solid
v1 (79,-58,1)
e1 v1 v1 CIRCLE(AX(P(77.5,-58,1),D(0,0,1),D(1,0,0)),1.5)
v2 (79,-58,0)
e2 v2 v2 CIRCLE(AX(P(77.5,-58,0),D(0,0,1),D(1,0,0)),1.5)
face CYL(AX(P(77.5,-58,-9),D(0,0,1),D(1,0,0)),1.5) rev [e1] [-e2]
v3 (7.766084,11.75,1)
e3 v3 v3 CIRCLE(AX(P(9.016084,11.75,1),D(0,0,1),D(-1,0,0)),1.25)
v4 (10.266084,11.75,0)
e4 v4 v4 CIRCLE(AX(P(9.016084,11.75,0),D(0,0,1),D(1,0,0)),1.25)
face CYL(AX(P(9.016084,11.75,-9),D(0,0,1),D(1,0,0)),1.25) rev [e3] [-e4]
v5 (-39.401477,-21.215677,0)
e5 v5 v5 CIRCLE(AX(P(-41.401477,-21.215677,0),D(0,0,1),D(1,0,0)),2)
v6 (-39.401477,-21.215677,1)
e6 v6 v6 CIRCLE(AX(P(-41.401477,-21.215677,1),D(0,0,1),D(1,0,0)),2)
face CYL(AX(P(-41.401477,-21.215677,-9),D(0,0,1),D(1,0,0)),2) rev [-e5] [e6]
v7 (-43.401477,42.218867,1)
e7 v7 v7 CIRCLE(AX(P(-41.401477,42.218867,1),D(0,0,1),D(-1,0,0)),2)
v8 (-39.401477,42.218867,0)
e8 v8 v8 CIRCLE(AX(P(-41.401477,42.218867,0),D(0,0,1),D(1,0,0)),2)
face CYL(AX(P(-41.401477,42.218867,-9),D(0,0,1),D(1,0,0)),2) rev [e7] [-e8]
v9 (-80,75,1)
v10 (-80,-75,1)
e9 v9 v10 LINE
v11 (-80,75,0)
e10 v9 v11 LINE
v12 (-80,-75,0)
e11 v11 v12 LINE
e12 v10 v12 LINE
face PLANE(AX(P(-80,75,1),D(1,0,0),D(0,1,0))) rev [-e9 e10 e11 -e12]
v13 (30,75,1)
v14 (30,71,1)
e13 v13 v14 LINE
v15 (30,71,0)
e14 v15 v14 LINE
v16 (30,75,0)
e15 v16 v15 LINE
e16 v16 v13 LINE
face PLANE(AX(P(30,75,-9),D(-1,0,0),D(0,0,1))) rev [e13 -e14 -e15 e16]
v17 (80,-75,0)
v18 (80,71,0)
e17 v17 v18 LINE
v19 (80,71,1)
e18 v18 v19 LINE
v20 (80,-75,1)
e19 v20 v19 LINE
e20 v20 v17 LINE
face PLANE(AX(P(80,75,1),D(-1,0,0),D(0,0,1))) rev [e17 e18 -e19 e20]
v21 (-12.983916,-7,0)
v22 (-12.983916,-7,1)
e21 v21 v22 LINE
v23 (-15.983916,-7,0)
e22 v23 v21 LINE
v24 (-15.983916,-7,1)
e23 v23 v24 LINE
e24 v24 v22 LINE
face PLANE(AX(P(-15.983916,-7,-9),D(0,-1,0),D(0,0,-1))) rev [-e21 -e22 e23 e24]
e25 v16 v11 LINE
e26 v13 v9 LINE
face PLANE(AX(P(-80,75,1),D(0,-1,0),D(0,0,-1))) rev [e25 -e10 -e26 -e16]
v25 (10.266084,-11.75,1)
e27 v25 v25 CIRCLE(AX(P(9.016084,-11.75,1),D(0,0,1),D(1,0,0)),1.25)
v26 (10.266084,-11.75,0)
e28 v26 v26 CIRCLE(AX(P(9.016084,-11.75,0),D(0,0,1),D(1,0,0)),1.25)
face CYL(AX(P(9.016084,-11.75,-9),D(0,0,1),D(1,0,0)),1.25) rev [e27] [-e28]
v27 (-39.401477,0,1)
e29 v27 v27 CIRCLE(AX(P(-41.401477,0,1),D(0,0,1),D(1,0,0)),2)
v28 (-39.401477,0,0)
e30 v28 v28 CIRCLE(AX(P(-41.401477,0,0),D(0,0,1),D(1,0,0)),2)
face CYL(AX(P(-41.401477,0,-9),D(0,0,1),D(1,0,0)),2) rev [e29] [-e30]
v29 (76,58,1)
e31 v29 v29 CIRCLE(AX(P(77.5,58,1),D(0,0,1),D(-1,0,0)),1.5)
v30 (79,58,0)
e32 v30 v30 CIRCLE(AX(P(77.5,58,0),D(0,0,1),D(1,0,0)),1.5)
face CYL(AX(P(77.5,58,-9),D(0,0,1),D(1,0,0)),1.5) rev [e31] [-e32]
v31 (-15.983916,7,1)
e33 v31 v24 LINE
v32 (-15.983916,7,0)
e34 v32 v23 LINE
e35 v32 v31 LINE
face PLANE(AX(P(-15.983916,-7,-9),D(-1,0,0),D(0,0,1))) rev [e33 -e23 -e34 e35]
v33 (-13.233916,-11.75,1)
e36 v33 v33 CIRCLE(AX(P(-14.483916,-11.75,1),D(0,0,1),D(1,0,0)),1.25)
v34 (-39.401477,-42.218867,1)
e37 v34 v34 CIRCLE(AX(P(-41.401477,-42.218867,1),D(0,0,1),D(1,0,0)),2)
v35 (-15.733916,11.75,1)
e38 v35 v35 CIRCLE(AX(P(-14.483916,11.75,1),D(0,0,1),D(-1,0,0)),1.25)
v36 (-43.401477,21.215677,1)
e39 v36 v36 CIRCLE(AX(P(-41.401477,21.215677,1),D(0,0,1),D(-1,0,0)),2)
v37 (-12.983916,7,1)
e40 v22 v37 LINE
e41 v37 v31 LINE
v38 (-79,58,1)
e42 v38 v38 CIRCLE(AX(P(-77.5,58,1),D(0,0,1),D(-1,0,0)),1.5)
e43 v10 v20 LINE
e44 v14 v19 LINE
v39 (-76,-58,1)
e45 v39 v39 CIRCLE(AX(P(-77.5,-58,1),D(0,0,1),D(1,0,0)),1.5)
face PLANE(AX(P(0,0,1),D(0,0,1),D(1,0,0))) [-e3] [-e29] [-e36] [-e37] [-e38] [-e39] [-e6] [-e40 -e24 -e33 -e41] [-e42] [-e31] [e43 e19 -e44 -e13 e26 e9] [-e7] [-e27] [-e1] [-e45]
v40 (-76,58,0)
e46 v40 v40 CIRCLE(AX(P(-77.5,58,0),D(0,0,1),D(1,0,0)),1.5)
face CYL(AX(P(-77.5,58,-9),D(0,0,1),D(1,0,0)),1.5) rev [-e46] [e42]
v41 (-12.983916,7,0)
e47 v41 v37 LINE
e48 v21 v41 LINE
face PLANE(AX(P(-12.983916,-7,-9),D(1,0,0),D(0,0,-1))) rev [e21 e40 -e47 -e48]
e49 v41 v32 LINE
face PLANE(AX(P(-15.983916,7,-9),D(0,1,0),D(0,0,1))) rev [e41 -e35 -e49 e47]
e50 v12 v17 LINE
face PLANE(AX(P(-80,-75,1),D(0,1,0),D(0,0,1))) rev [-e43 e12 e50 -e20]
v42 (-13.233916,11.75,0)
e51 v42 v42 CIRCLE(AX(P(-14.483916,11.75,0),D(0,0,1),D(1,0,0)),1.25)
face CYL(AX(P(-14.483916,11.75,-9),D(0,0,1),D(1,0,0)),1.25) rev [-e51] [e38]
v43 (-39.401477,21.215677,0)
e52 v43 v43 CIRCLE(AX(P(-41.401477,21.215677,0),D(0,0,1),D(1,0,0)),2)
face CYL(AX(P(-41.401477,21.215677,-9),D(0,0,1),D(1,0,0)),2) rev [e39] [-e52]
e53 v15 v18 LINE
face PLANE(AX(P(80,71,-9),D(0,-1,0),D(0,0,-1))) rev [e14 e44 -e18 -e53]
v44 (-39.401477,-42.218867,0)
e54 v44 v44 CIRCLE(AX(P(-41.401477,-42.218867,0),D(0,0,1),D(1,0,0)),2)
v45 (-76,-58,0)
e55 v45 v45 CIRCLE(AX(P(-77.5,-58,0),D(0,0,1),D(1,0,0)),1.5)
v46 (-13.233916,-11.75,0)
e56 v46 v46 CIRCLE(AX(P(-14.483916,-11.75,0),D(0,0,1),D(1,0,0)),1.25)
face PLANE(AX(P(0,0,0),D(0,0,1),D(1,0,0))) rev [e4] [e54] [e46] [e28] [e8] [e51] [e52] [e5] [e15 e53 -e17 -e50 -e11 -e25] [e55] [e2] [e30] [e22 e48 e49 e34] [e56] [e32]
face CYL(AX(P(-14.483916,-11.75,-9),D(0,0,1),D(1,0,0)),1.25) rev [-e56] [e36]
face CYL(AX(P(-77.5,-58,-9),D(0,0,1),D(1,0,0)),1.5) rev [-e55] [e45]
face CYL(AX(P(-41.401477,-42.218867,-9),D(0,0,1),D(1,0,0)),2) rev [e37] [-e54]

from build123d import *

# Parameters (mm, degrees)
SKETCH1_W           = 160
SKETCH1_H           = 150
BOSS_EXTRUDE1_DEPTH = 1
SKETCH3_R           = 1.5
SKETCH3_R_2         = 1.25
SKETCH3_R_3         = 2
SKETCH3_W           = 50
SKETCH3_H           = 4
SKETCH3_W_2         = 3
SKETCH3_H_2         = 14
CUT_EXTRUDE1_DEPTH  = 10


with BuildPart() as part:
    # Sketch1 → Boss-Extrude1 (new body)
    with BuildSketch(Plane.XY):
        Rectangle(SKETCH1_W, SKETCH1_H)
    extrude(amount=BOSS_EXTRUDE1_DEPTH)

    # Sketch3 → Cut-Extrude1 (cut)
    with BuildSketch(Plane.XY.offset(1)):
        with Locations((-77.5, -58)):
            Circle(SKETCH3_R)
        with Locations((77.5, -58)):
            Circle(SKETCH3_R)
        with Locations((77.5, 58)):
            Circle(SKETCH3_R)
        with Locations((-77.5, 58)):
            Circle(SKETCH3_R)
        with Locations((-14.483915959, -11.75)):
            Circle(SKETCH3_R_2)
        with Locations((9.016084041, -11.75)):
            Circle(SKETCH3_R_2)
        with Locations((9.016084041, 11.75)):
            Circle(SKETCH3_R_2)
        with Locations((-14.483915959, 11.75)):
            Circle(SKETCH3_R_2)
        with Locations((-41.40147673, 0)):
            Circle(SKETCH3_R_3)
        with Locations((-41.40147673, -21.215676989)):
            Circle(SKETCH3_R_3)
        with Locations((-41.40147673, 21.215676989)):
            Circle(SKETCH3_R_3)
        with Locations((-41.40147673, -42.218866747)):
            Circle(SKETCH3_R_3)
        with Locations((-41.40147673, 42.218866747)):
            Circle(SKETCH3_R_3)
        with Locations((55, 73)):
            Rectangle(SKETCH3_W, SKETCH3_H)
        with Locations((-14.483915959, 0)):
            Rectangle(SKETCH3_W_2, SKETCH3_H_2)
    extrude(amount=-CUT_EXTRUDE1_DEPTH, mode=Mode.SUBTRACT)


solid = part.part
